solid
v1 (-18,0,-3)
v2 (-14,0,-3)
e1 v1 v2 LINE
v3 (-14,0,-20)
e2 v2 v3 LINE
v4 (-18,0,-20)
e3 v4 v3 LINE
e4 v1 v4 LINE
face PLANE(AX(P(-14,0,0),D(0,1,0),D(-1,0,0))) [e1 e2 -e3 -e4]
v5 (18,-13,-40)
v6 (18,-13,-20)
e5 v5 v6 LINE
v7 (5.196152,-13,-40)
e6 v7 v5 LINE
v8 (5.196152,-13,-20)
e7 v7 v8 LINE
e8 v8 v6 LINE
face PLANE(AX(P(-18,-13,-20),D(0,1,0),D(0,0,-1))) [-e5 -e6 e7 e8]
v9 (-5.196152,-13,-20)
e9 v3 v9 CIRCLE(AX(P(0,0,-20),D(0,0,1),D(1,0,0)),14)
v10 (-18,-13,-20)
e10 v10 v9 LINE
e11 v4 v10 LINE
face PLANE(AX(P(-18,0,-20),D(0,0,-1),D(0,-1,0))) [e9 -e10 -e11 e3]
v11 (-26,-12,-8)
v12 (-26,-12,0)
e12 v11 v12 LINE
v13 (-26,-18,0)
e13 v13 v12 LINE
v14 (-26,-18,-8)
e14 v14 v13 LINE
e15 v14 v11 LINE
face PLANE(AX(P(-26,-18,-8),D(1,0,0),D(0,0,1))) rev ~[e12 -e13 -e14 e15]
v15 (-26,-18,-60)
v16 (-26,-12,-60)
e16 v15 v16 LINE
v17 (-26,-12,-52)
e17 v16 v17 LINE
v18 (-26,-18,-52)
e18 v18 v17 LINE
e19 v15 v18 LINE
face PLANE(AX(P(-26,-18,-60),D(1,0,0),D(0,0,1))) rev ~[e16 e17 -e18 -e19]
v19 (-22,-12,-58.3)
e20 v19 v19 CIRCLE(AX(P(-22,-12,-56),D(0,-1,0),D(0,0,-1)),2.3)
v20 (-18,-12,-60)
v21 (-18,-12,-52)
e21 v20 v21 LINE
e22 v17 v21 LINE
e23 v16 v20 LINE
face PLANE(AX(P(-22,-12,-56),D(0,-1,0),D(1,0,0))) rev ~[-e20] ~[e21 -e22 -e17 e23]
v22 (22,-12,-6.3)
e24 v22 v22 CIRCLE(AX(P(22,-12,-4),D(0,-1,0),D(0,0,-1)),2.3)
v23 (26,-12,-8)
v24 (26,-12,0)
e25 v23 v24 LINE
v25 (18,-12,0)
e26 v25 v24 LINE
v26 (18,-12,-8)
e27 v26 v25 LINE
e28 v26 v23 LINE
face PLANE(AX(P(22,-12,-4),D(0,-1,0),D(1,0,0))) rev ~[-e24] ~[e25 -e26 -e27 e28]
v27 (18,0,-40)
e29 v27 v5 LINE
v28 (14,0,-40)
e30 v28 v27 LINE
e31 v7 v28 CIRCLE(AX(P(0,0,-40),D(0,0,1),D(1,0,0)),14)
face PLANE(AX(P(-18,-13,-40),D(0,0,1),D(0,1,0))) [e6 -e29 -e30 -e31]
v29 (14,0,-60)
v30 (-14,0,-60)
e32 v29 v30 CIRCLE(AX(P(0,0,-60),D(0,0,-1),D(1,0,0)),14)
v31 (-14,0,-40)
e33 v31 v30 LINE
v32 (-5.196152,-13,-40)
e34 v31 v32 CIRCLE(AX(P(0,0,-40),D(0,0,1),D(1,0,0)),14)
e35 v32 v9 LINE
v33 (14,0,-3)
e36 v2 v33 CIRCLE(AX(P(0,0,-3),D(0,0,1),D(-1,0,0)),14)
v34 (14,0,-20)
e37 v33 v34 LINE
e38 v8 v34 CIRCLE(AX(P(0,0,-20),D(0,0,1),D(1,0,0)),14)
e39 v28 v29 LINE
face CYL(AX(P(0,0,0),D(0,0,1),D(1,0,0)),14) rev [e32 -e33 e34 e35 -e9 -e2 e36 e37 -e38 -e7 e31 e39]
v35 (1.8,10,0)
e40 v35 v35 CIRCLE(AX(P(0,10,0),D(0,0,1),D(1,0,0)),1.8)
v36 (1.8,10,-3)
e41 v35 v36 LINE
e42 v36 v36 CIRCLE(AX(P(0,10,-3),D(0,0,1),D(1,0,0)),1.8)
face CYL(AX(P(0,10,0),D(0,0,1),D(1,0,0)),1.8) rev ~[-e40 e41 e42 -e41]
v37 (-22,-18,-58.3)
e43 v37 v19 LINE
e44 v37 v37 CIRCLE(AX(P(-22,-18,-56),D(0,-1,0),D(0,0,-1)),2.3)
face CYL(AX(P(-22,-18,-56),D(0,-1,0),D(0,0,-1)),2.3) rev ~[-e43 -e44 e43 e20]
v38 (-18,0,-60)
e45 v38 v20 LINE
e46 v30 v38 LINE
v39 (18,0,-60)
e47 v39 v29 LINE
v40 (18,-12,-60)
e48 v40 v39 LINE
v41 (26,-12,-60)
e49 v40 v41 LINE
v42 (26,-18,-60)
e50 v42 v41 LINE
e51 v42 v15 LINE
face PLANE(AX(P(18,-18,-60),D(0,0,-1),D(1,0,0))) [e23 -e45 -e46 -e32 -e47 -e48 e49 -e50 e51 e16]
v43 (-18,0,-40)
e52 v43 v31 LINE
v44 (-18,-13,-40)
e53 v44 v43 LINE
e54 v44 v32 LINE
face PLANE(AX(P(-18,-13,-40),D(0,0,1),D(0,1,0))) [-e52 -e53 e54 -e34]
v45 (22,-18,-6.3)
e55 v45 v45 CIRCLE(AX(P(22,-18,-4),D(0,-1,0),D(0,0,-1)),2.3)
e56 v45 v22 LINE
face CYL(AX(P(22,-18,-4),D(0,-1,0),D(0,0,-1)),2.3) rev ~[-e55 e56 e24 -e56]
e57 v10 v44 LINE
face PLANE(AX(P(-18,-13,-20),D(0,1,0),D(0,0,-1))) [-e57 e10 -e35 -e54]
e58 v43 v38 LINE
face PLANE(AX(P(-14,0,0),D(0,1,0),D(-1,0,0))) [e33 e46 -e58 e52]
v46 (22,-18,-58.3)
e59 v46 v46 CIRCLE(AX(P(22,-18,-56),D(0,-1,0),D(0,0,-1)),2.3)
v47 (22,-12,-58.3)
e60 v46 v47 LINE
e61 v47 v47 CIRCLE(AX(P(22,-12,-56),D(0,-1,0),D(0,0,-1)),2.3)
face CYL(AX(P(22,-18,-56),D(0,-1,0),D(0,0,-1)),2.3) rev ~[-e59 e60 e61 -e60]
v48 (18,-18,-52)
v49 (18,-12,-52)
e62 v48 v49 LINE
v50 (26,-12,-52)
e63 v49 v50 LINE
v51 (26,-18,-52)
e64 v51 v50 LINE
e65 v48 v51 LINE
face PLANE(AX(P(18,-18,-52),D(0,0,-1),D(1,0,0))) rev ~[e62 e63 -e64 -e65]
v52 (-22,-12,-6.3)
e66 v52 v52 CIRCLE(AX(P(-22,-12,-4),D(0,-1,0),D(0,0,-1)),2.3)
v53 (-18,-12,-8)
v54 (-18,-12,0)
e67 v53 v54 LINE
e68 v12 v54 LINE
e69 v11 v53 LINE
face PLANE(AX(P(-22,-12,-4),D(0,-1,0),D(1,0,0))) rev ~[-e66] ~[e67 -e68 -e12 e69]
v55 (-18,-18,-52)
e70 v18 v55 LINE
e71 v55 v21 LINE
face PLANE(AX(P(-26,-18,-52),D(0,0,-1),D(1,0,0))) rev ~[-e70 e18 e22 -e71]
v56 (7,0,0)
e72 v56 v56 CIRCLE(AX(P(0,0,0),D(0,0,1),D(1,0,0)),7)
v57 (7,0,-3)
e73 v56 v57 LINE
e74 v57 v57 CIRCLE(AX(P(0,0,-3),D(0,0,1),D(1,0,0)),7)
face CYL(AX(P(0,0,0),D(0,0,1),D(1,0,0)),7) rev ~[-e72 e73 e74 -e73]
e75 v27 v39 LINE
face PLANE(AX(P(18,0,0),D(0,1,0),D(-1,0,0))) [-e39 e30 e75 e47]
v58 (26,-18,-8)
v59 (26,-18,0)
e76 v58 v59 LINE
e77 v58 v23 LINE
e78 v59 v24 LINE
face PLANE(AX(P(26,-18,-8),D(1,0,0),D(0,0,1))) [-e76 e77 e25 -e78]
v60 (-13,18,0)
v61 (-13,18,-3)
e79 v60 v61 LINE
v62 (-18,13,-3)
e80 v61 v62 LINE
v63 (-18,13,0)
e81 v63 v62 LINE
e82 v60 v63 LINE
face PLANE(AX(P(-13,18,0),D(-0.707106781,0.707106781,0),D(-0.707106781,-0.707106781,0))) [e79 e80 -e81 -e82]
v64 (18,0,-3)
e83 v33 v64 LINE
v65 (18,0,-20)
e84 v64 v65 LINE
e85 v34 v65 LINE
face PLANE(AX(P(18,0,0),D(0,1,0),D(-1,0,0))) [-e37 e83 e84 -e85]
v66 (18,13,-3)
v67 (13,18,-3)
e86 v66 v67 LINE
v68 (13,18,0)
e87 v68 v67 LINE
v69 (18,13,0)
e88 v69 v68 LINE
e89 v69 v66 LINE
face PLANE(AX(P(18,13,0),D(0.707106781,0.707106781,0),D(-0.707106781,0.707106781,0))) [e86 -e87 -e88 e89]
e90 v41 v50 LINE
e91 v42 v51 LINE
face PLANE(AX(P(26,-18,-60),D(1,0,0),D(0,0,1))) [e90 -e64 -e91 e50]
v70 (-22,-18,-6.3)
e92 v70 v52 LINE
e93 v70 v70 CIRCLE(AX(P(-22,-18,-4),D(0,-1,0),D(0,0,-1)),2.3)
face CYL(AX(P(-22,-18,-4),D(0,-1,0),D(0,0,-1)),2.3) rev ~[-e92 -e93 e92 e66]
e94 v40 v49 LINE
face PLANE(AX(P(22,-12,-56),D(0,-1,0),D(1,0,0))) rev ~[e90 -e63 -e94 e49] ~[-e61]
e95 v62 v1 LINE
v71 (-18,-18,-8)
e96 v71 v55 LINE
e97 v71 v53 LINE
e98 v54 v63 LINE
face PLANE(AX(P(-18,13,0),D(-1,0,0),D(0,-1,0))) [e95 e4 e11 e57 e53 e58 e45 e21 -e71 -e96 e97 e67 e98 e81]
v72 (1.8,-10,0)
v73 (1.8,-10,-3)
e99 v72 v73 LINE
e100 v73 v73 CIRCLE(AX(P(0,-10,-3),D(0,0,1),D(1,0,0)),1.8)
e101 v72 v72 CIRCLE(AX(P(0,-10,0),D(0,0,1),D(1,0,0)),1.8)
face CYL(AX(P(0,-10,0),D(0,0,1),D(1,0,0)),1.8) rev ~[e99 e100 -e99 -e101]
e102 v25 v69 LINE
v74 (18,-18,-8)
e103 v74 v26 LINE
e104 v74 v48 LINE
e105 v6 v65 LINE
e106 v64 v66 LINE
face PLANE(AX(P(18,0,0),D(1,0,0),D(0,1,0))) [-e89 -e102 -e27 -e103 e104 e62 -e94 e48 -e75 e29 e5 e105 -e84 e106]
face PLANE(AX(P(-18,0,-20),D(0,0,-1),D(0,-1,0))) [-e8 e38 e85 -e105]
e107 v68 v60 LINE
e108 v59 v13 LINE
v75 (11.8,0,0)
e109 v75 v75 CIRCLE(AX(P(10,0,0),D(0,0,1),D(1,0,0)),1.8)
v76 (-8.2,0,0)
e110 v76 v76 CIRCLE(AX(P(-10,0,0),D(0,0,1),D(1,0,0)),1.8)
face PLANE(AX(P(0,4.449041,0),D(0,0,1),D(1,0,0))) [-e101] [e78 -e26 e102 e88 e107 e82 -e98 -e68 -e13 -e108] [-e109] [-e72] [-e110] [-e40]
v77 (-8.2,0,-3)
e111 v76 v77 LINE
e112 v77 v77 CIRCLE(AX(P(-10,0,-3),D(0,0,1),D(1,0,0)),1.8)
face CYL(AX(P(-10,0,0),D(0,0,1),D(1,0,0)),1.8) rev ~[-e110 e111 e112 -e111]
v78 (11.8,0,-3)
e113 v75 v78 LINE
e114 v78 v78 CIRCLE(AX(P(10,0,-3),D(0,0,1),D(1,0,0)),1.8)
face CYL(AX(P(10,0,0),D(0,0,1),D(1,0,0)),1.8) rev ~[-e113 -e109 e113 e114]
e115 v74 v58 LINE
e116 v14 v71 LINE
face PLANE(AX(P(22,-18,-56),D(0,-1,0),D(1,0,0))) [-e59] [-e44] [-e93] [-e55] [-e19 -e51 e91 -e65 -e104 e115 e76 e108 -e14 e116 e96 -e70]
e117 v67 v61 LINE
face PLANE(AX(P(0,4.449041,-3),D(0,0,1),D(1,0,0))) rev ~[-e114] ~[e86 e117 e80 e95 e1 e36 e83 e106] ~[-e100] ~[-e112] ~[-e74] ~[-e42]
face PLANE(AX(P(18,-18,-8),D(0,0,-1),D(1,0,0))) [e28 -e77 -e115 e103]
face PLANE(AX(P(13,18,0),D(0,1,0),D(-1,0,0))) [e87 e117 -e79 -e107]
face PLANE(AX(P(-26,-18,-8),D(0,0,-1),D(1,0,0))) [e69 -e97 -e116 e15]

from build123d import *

# Parameters (mm, degrees)
BOSS_EXTRU_1_DEPTH      = 60
ESQUISSE1_3_R           = 1.8
ESQUISSE1_3_R_2         = 7
BOSS_EXTRU_2_DEPTH      = 3
ENL_V_MAT_EXTRU_2_DEPTH = 50
ESQUISSE2_W             = 8
ESQUISSE2_H             = 8
ESQUISSE2_R             = 2.3
BOSS_EXTRU_4_DEPTH      = 6


with BuildPart() as part:
    # Esquisse1 → Boss.-Extru.1 (new body)
    with BuildSketch(Plane.XY):
        with BuildLine():
            ThreePointArc((18, 0), (12.727922061, -12.727922061), (0, -18))
            Line((0, -18), (18, -18))
            Line((18, -18), (18, 0))
        make_face()
        with BuildLine():
            ThreePointArc((0, -18), (-12.727922061, -12.727922061), (-18, 0))
            Line((-18, 0), (-18, -18))
            Line((-18, -18), (0, -18))
        make_face()
        with BuildLine():
            Line((-14, 0), (-18, 0))
            ThreePointArc((-18, 0), (-12.727922061, -12.727922061), (0, -18))
            ThreePointArc((0, -18), (12.727922061, -12.727922061), (18, 0))
            Line((18, 0), (14, 0))
            ThreePointArc((14, 0), (0, -14), (-14, 0))
        make_face()
    extrude(amount=-BOSS_EXTRU_1_DEPTH)

    # Esquisse1<3> → Boss.-Extru.2 (add)
    with BuildSketch(Plane.XY):
        with BuildLine():
            Line((-13, 18), (-18, 13))
            Line((-18, 13), (-18, 0))
            Line((-18, 0), (-14, 0))
            ThreePointArc((-14, 0), (0, -14), (14, 0))
            Line((14, 0), (18, 0))
            Line((18, 0), (18, 13))
            Line((18, 13), (13, 18))
            Line((13, 18), (-13, 18))
        make_face()
        with Locations((0, 10)):
            Circle(ESQUISSE1_3_R, mode=Mode.SUBTRACT)
        with Locations((0, -10)):
            Circle(ESQUISSE1_3_R, mode=Mode.SUBTRACT)
        with Locations((-10, 0)):
            Circle(ESQUISSE1_3_R, mode=Mode.SUBTRACT)
        Circle(ESQUISSE1_3_R_2, mode=Mode.SUBTRACT)
        with Locations((10, 0)):
            Circle(ESQUISSE1_3_R, mode=Mode.SUBTRACT)
    extrude(amount=-BOSS_EXTRU_2_DEPTH)

    # Esquisse3 → Enlèv. mat.-Extru.2 (cut)
    with BuildSketch(Plane.ZY.offset(18)):
        Polygon((-30, 0), (-20, 0), (-20, -13), (-40, -13), (-40, 0), align=None)
    extrude(amount=-ENL_V_MAT_EXTRU_2_DEPTH, mode=Mode.SUBTRACT)

    # Esquisse2 → Boss.-Extru.4 (add)
    # profile 1 of 4: a face of its own
    with BuildSketch(Plane.XZ.offset(18)):
        with Locations((22, -56)):
            Rectangle(ESQUISSE2_W, ESQUISSE2_H)
        with Locations(Location((22, -56, 0), (0, 0, 270))):
            Circle(ESQUISSE2_R, mode=Mode.SUBTRACT)
    # profile 2 of 4: a face of its own
    with BuildSketch(Plane.XZ.offset(18)):
        with Locations((-22, -56)):
            Rectangle(ESQUISSE2_W, ESQUISSE2_H)
        with Locations(Location((-22, -56, 0), (0, 0, 270))):
            Circle(ESQUISSE2_R, mode=Mode.SUBTRACT)
    # profile 3 of 4: a face of its own
    with BuildSketch(Plane.XZ.offset(18)):
        with Locations((-22, -4)):
            Rectangle(ESQUISSE2_W, ESQUISSE2_H)
        with Locations(Location((-22, -4, 0), (0, 0, 270))):
            Circle(ESQUISSE2_R, mode=Mode.SUBTRACT)
    # profile 4 of 4: a face of its own
    with BuildSketch(Plane.XZ.offset(18)):
        with Locations((22, -4)):
            Rectangle(ESQUISSE2_W, ESQUISSE2_H)
        with Locations(Location((22, -4, 0), (0, 0, 270))):
            Circle(ESQUISSE2_R, mode=Mode.SUBTRACT)
    extrude(amount=-BOSS_EXTRU_4_DEPTH)


solid = part.part
